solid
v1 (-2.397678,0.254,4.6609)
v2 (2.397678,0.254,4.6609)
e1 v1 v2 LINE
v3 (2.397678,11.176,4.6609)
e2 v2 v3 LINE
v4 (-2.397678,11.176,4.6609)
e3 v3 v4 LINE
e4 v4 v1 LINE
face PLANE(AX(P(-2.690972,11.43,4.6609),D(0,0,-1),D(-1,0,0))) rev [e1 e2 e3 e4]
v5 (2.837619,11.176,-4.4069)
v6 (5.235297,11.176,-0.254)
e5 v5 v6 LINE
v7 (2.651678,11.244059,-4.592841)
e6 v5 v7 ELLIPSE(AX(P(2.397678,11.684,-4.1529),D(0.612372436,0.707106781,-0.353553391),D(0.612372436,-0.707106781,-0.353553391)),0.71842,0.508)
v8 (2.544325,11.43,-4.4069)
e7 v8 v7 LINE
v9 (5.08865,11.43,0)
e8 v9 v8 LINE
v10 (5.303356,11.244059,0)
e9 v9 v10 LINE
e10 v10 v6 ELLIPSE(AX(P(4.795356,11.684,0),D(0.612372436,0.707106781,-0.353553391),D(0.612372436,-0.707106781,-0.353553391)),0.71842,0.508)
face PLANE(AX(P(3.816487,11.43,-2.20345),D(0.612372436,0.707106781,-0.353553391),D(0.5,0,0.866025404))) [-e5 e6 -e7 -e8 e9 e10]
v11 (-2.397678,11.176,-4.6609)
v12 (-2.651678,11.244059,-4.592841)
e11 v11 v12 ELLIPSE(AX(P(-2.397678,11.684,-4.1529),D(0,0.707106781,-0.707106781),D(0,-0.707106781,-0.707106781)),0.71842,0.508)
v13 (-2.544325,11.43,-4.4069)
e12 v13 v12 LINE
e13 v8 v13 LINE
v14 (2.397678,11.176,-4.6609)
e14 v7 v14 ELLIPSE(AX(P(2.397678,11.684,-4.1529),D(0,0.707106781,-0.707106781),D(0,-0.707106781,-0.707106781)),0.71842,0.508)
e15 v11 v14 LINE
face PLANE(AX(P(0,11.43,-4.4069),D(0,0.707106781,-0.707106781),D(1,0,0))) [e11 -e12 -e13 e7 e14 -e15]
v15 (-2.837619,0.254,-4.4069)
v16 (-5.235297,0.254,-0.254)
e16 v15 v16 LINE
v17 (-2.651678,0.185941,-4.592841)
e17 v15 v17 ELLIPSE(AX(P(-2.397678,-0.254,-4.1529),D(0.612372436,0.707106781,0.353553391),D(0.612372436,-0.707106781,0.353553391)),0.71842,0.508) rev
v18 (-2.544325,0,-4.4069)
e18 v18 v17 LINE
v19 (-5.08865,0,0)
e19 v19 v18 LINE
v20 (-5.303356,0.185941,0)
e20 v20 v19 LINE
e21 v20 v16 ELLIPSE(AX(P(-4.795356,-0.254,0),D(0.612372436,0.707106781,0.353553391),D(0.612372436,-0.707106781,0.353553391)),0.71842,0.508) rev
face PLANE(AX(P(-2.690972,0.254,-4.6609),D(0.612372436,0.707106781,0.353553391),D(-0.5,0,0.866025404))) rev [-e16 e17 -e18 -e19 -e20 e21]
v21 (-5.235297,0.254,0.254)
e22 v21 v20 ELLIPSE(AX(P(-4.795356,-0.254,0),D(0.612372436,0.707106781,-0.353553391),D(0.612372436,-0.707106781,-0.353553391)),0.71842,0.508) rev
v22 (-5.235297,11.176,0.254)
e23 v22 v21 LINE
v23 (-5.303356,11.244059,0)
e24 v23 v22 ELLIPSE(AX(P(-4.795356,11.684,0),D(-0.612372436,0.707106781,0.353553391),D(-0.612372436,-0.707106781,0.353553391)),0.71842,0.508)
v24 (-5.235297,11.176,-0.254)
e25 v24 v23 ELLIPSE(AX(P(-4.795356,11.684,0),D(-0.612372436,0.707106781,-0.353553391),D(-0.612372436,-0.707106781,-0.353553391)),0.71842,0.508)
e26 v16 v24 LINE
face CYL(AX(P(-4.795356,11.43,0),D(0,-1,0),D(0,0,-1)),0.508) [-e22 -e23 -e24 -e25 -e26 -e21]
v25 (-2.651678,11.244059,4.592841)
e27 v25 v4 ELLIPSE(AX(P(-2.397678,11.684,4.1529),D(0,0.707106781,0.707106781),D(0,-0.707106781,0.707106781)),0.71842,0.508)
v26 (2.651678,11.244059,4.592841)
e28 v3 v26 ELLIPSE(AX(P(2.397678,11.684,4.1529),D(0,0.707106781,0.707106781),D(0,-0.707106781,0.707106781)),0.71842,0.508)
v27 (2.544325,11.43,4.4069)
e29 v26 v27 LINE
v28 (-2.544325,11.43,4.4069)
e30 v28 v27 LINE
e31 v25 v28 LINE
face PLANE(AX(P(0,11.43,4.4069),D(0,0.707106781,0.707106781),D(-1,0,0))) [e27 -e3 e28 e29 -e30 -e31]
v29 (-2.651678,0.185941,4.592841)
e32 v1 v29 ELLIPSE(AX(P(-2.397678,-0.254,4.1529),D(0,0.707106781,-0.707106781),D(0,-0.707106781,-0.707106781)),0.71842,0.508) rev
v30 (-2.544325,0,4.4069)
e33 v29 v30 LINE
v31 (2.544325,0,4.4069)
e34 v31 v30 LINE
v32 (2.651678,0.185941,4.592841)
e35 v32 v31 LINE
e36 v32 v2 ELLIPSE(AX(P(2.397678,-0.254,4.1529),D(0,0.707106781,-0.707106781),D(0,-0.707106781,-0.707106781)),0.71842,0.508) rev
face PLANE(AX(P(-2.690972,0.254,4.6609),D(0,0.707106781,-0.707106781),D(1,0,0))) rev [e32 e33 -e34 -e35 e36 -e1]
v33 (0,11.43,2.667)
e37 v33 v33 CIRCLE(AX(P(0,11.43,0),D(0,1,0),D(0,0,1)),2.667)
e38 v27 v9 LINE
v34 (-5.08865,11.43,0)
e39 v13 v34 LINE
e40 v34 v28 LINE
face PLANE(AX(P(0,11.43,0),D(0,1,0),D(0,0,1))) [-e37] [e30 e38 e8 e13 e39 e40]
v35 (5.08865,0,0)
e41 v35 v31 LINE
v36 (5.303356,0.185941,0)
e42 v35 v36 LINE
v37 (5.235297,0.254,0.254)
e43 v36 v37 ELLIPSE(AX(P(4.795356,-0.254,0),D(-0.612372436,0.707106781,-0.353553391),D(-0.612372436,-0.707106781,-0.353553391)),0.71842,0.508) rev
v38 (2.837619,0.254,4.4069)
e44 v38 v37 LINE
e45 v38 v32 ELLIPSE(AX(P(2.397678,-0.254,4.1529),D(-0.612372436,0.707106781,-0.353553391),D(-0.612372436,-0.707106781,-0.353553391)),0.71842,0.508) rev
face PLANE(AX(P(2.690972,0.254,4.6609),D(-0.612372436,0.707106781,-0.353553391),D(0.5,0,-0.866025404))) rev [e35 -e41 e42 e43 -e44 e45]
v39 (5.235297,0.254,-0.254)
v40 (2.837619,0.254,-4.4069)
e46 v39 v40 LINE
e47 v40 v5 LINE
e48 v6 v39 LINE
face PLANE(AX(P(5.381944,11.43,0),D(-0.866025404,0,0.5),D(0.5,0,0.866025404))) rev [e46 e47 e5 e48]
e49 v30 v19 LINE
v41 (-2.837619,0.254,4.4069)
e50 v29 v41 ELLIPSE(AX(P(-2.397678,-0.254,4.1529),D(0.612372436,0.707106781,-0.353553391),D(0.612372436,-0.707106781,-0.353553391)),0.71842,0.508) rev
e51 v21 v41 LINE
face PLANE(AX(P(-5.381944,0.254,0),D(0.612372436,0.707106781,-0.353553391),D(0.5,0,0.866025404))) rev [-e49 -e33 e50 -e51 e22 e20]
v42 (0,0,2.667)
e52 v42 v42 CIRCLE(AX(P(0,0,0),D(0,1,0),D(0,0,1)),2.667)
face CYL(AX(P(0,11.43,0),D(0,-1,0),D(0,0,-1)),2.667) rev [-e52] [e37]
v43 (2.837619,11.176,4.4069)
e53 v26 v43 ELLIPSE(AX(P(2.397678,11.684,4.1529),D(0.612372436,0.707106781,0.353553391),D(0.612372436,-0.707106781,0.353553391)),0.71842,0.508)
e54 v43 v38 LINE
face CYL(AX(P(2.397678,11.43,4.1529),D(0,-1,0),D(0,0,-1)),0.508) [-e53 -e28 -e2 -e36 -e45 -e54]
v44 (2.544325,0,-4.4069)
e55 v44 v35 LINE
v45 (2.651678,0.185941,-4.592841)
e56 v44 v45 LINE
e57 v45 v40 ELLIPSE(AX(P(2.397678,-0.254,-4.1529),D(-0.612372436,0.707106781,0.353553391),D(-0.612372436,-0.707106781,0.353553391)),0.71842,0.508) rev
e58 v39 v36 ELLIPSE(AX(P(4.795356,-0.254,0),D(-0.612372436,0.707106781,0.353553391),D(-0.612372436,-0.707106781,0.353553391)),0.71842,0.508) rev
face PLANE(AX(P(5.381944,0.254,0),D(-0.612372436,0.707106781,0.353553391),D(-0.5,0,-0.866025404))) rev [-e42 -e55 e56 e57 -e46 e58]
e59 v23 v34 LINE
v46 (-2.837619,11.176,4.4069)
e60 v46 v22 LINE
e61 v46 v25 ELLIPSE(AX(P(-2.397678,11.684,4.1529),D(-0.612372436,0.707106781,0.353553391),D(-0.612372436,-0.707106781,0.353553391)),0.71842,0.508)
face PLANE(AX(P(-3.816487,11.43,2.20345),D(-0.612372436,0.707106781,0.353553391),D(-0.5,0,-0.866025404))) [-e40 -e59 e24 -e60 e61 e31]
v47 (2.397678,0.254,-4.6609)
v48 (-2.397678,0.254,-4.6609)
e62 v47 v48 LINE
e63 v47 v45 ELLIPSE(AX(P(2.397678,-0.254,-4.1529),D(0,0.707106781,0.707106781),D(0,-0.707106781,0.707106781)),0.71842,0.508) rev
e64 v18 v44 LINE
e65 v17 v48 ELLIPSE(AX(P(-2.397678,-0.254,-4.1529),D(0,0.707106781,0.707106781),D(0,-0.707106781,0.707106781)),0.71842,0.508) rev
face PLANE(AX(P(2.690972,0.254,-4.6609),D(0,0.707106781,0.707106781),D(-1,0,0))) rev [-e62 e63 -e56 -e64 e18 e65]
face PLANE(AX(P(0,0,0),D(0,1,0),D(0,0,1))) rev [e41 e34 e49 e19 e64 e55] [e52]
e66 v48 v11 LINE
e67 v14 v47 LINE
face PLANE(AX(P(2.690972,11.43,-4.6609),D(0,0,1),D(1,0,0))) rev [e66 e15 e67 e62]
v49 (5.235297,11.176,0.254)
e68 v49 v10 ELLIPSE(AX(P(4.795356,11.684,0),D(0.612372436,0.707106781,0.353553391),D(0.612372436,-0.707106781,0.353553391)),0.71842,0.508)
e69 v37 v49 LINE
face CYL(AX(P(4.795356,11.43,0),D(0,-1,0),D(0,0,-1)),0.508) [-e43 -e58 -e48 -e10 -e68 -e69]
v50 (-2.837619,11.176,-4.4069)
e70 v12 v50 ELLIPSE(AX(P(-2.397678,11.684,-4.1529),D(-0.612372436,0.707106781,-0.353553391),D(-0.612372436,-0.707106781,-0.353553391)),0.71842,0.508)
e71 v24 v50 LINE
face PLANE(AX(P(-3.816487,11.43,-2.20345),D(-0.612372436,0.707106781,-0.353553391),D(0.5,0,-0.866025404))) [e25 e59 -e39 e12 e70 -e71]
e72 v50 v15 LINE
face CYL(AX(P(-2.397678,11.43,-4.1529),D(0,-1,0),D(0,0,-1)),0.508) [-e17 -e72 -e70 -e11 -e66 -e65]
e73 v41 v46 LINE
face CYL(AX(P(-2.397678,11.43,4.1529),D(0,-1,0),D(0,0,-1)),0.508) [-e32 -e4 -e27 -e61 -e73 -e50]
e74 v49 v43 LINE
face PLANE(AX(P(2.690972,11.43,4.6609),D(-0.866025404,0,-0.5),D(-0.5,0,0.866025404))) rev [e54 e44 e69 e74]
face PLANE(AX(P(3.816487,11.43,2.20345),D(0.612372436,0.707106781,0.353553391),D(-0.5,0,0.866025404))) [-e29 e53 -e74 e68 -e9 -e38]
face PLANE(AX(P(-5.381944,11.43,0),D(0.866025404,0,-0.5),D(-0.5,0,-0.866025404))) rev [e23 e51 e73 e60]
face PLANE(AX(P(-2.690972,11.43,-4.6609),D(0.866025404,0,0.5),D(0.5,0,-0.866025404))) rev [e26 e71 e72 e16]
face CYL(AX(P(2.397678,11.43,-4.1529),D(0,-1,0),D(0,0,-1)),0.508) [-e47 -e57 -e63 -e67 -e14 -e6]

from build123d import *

# Parameters (mm, degrees)
SKETCH1_R           = 2.667
BOSS_EXTRUDE1_DEPTH = 11.43
CHAMFER1_SIZE       = 0.254
FILLET1_R           = 0.508


with BuildPart() as part:
    # Sketch1 → Boss-Extrude1 (new body)
    with BuildSketch(Plane(origin=(0, 0, 0), x_dir=(1, 0, 0), z_dir=(0, 1, 0))):
        Polygon((2.69097187, -4.6609), (5.381943739, 0), (2.69097187, 4.6609), (-2.69097187, 4.6609), (-5.381943739, 0), (-2.69097187, -4.6609), align=None)
        with Locations(Location((0, 0, 0), (0, 0, 270))):
            Circle(SKETCH1_R, mode=Mode.SUBTRACT)
    extrude(amount=BOSS_EXTRUDE1_DEPTH)

    # Chamfer1
    chamfer1_edges = [part.edges().sort_by_distance(p)[0] for p in [
        (4.036457804, 11.43, -2.33045),
        (0, 11.43, -4.6609),
        (-4.036457804, 11.43, -2.33045),
        (-4.036457804, 11.43, 2.33045),
        (0, 11.43, 4.6609),
        (-4.036457804, 0, 2.33045),
        (-4.036457804, 0, -2.33045),
        (0, 0, -4.6609),
        (4.036457804, 0, -2.33045),
        (4.036457804, 0, 2.33045),
        (0, 0, 4.6609),
        (4.036457804, 11.43, 2.33045),
    ]]
    chamfer(chamfer1_edges, length=CHAMFER1_SIZE)

    # Fillet1
    fillet1_edges = [part.edges().sort_by_distance(p)[0] for p in [
        (5.381943739, 5.715, 0),
        (2.69097187, 5.715, 4.6609),
        (2.69097187, 5.715, -4.6609),
        (-2.69097187, 5.715, -4.6609),
        (-5.381943739, 5.715, 0),
        (-2.69097187, 5.715, 4.6609),
    ]]
    fillet(fillet1_edges, radius=FILLET1_R)


solid = part.part
